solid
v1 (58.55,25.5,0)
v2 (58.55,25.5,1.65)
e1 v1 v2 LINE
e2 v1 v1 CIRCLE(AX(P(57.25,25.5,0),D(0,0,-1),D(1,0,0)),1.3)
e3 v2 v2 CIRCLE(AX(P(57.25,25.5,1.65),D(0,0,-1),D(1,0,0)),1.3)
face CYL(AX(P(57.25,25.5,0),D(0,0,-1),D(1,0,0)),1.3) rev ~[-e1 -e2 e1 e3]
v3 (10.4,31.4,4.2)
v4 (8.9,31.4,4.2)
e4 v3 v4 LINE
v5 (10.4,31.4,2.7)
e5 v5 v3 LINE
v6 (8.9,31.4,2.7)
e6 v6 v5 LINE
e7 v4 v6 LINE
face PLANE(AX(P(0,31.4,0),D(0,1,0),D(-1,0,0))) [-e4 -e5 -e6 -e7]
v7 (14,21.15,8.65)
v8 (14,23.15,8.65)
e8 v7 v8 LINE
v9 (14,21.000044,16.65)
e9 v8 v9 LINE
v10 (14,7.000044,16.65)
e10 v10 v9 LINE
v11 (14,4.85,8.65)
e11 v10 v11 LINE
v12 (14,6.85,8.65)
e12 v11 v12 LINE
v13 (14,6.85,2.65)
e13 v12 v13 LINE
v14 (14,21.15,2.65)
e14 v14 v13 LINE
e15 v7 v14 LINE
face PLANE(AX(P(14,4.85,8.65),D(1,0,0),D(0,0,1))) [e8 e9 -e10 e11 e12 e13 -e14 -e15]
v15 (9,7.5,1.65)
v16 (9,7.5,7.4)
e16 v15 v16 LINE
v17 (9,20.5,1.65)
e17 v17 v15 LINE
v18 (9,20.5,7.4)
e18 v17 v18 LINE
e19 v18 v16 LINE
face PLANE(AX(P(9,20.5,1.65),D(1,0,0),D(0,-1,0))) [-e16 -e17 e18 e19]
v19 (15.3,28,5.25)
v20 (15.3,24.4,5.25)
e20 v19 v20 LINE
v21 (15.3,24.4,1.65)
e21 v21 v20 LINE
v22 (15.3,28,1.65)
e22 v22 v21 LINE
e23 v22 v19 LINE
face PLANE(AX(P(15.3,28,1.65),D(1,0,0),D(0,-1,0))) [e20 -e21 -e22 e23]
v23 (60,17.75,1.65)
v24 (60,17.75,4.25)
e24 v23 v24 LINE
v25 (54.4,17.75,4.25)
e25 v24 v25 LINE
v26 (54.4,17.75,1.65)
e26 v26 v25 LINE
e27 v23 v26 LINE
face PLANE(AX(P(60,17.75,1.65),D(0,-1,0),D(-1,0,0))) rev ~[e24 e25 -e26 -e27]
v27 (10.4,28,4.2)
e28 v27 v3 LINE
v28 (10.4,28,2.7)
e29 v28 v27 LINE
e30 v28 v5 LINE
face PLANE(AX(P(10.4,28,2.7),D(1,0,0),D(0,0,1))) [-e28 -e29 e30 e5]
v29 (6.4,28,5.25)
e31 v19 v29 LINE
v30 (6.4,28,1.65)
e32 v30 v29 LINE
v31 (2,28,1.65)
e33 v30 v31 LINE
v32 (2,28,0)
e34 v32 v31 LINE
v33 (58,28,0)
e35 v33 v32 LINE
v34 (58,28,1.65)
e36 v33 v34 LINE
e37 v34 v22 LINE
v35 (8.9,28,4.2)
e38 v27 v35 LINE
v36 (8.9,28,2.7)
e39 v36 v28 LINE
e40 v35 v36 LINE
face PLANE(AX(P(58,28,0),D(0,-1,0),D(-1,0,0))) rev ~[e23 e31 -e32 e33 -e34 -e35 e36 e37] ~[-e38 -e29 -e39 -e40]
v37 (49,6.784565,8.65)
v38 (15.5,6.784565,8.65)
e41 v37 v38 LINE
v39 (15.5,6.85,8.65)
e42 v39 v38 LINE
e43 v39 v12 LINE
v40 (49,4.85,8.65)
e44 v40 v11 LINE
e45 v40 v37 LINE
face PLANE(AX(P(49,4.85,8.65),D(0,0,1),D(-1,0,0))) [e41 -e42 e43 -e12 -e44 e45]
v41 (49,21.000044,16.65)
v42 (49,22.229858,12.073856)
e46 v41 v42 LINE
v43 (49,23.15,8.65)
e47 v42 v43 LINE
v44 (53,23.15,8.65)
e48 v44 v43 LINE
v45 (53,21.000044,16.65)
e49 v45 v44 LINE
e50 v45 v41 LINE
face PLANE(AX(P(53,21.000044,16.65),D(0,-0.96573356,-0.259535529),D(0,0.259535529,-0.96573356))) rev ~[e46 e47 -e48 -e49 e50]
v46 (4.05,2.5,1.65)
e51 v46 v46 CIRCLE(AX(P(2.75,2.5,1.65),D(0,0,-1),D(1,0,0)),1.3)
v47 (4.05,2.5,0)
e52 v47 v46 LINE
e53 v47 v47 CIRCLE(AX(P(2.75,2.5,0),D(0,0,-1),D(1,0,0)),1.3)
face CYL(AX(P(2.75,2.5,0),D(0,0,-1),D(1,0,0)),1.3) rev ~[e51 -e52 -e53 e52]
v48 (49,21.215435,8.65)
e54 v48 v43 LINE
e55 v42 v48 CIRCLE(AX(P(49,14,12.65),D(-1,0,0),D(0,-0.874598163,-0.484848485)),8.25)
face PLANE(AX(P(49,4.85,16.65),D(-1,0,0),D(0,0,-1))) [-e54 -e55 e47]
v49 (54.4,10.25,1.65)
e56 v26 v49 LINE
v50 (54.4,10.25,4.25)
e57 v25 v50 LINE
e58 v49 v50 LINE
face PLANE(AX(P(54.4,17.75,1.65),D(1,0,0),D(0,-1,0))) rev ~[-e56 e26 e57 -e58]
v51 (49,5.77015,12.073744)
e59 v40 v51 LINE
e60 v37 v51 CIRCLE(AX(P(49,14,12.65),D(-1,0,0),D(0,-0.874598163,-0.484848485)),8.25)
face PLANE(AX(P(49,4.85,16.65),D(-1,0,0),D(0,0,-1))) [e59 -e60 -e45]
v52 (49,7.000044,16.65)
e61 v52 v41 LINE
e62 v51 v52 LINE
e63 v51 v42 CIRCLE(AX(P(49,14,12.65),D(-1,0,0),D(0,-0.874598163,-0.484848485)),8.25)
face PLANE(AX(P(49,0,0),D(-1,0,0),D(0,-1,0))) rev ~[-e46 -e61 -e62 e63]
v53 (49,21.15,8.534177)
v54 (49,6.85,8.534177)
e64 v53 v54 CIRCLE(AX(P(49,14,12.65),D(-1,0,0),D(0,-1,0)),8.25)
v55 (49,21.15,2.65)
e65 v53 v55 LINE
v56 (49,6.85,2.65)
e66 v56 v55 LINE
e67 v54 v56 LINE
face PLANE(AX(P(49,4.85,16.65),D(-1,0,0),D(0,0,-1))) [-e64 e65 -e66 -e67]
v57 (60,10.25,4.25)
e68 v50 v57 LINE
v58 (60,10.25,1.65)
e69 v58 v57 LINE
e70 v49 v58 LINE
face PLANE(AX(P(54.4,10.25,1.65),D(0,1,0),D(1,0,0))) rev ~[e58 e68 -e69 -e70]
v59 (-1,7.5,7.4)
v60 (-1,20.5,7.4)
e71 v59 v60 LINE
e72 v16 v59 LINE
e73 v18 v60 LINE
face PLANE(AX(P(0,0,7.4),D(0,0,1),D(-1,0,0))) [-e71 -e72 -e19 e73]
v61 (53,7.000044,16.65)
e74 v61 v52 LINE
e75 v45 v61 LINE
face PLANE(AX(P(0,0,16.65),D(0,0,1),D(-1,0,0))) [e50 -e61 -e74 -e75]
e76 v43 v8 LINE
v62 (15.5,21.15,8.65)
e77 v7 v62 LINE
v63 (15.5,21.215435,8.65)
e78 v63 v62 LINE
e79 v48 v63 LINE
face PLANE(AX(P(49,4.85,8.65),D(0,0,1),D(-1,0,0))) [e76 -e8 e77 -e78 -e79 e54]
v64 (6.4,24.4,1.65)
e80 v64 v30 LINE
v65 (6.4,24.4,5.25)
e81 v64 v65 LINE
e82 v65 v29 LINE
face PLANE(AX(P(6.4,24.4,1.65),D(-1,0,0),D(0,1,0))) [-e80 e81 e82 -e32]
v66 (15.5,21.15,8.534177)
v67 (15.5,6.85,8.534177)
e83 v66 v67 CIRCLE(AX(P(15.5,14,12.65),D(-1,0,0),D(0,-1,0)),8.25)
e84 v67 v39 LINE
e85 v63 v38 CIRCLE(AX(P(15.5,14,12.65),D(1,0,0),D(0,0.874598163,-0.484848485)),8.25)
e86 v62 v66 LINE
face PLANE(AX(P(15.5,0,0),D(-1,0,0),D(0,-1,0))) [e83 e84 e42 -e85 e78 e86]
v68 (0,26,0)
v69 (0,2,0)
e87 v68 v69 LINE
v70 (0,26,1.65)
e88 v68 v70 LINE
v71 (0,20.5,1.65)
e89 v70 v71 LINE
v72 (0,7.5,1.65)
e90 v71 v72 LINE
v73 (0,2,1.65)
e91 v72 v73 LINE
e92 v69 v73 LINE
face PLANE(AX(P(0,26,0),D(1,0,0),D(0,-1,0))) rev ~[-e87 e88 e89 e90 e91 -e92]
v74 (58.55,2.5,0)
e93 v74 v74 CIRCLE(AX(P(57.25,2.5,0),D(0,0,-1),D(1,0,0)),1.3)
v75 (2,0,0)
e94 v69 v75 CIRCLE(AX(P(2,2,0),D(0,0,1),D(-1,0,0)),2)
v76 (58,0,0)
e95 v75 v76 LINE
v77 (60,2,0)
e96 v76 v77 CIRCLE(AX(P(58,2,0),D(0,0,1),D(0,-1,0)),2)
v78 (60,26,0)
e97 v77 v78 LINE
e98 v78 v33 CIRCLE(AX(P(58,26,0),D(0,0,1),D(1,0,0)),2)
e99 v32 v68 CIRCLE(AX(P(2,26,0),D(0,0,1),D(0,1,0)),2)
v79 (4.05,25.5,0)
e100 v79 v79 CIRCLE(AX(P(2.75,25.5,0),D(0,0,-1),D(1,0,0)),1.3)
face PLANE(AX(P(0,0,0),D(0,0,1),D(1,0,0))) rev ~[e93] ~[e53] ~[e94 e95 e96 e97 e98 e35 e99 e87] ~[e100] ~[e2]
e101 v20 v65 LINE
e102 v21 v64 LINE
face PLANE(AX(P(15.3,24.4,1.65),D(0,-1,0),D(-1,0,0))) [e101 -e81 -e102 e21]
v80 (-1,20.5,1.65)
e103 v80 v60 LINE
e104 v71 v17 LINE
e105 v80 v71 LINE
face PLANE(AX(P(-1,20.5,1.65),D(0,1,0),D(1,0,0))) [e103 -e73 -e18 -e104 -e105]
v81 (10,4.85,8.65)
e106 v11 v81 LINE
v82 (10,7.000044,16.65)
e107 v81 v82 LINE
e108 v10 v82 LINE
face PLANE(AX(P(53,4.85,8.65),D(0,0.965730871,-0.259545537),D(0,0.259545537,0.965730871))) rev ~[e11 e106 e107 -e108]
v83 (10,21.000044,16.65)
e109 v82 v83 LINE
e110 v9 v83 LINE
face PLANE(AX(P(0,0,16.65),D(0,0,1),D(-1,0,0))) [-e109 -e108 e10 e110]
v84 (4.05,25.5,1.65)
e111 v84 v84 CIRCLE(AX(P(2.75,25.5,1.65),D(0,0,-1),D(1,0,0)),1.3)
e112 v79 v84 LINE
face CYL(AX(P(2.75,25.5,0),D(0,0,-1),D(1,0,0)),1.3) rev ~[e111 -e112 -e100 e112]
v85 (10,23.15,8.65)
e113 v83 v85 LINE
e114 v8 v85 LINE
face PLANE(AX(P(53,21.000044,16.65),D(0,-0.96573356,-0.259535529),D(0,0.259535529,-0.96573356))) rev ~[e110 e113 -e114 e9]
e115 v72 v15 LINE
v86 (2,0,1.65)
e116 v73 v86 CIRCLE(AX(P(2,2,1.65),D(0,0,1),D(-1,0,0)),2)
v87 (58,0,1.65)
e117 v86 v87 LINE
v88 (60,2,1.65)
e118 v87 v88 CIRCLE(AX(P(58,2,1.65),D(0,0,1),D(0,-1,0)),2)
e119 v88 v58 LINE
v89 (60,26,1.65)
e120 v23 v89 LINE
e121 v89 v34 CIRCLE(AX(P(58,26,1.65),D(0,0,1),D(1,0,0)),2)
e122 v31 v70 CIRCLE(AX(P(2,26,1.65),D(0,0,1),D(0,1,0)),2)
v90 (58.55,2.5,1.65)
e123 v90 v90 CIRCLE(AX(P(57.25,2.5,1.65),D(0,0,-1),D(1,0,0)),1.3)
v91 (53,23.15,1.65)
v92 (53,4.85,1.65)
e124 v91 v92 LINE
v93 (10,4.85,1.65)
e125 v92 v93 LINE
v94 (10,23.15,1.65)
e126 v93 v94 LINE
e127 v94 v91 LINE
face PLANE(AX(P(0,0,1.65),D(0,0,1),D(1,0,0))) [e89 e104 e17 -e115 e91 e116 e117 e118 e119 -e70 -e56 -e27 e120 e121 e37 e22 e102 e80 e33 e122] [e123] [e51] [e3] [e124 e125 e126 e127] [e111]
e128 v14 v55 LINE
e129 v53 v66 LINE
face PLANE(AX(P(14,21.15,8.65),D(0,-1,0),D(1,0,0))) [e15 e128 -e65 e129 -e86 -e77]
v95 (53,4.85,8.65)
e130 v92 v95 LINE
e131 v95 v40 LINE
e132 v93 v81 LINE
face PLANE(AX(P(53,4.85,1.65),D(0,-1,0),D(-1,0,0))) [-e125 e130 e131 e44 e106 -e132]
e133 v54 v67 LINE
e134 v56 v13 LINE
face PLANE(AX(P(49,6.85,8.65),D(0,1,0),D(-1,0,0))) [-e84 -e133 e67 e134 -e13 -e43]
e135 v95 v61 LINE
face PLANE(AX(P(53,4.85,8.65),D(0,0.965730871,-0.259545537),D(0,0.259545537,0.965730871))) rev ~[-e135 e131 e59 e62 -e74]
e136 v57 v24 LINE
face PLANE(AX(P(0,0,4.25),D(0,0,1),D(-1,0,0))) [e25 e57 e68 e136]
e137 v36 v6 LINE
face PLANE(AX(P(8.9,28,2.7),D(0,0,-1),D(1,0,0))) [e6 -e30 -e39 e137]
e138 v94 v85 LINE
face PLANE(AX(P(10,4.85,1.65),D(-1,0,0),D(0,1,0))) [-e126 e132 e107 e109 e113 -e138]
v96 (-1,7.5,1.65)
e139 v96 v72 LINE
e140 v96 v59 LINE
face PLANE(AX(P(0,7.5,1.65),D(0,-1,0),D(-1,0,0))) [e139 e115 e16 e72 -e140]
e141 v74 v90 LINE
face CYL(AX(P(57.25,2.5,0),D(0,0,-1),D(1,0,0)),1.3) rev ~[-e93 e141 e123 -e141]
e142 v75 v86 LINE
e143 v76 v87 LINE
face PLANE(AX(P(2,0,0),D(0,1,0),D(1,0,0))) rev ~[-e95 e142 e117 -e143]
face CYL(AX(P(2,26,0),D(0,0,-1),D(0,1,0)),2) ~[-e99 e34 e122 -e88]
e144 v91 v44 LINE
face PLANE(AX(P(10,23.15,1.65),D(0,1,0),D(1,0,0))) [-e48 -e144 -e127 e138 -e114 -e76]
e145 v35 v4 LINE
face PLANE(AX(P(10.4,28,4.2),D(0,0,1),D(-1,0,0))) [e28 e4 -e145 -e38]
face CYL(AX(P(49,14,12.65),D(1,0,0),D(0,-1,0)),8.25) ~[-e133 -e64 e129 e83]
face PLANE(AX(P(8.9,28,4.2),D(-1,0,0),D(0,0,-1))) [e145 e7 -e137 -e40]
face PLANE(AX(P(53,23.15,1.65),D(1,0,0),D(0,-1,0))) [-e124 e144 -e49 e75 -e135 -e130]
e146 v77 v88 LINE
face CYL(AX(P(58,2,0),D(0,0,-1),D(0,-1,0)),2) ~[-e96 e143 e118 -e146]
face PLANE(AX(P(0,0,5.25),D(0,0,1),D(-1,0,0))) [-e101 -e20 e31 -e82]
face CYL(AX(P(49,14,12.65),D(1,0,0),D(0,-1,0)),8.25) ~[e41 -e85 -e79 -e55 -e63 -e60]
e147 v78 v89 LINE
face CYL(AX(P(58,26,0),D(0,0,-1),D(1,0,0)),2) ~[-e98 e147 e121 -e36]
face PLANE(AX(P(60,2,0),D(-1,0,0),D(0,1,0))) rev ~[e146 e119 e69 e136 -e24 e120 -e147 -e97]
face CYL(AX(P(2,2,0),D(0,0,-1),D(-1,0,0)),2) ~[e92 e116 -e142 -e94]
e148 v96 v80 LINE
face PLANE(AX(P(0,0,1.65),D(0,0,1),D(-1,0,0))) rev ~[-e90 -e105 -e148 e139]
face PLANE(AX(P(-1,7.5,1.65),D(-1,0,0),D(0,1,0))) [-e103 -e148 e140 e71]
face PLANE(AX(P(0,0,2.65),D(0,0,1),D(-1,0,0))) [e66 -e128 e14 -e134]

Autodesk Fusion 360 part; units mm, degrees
sketch "Sketch1" plane through (0, 0, 0) normal (0, 0, 1) x (1, 0, 0)
  line L0 (2, 0) -> (58, 0)
  line L1 (60, 2) -> (60, 26)
  line L2 (58, 28) -> (2, 28)
  line L3 (0, 26) -> (0, 2)
  arc A0 (2, 28) -> (0, 26) centre (2, 26) ccw
  arc A1 (60, 26) -> (58, 28) centre (58, 26) ccw
  arc A2 (58, 0) -> (60, 2) centre (58, 2) ccw
  arc A3 (0, 2) -> (2, 0) centre (2, 2) ccw
  point P0 (60, 0)
  point P1 (0, 28)
  dimension "d56" = 60
  dimension "d57" = 28
  dimension "d58" = 2
extrude "Extrude1" add sketch "Sketch1" along normal blind 1.65
sketch "Sketch2" plane through (0, 0, 1.65) normal (0, 0, 1) x (-1, 0, 0)
  arc A0 (0, -2) -> (-2, 0) centre (-2, -2) ccw
  line L0 (-2, 0) -> (-58, 0)
  arc A1 (-58, 0) -> (-60, -2) centre (-58, -2) ccw
  line L1 (-60, -2) -> (-60, -26)
  arc A2 (-60, -26) -> (-58, -28) centre (-58, -26) ccw
  line L2 (-58, -28) -> (-2, -28)
  arc A3 (-2, -28) -> (0, -26) centre (-2, -26) ccw
  line L3 (0, -26) -> (0, -2)
  line L4 (1, -20.5) -> (-9, -20.5)
  line L5 (-9, -20.5) -> (-9, -7.5)
  line L6 (-9, -7.5) -> (1, -7.5)
  line L7 (1, -7.5) -> (1, -20.5)
  line L8 (0, -14) -> (-60, -14) construction
  dimension "d61" = 10
  dimension "d62" = 13
  dimension "d63" = 1
extrude "Extrude2" add sketch "Sketch2" along normal blind 5.75 contours L3 L4 L6 L7 | L3 L4 L5 L6
sketch "Sketch3" plane through (0, 0, 1.65) normal (0, 0, 1) x (-1, 0, 0)
  line L0 (-9, -7.5) -> (0, -7.5)
  line L1 (0, -7.5) -> (0, -2)
  arc A0 (0, -2) -> (-2, 0) centre (-2, -2) ccw
  line L2 (-2, 0) -> (-58, 0)
  arc A1 (-58, 0) -> (-60, -2) centre (-58, -2) ccw
  line L3 (-60, -2) -> (-60, -26)
  arc A2 (-60, -26) -> (-58, -28) centre (-58, -26) ccw
  line L4 (-58, -28) -> (-2, -28)
  arc A3 (-2, -28) -> (0, -26) centre (-2, -26) ccw
  line L5 (0, -26) -> (0, -20.5)
  line L6 (0, -20.5) -> (-9, -20.5)
  line L7 (-9, -20.5) -> (-9, -7.5)
  line L8 (-9, -14) -> (-60, -14) construction
  line L9 (-10, -23.15) -> (-53, -23.15)
  line L10 (-53, -23.15) -> (-53, -4.85)
  line L11 (-53, -4.85) -> (-10, -4.85)
  line L12 (-10, -4.85) -> (-10, -23.15)
  dimension "d66" = 43
  dimension "d67" = 18.3
  dimension "d68" = 1
extrude "Extrude3" add sketch "Sketch3" along normal blind 15 contours L9 L10 L11 L12
sketch "Sketch4" plane through (53, 0, 0) normal (1, 0, 0) x (0, 1, 0)
  line L0 (4.85, 1.65) -> (23.15, 1.65)
  line L1 (23.15, 1.65) -> (23.15, 16.65)
  line L2 (23.15, 16.65) -> (4.85, 16.65)
  line L3 (4.85, 16.65) -> (4.85, 1.65)
  line L4 (4.85, 8.65) -> (7.2688, 17.65)
  line L5 (7.2688, 17.65) -> (20.7313, 17.65)
  line L6 (20.7313, 17.65) -> (23.15, 8.65)
  line L7 (4.85, 8.65) -> (23.15, 8.65) construction
  line L8 (7, 16.65) -> (21, 16.65) construction
  line L9 (14, 16.65) -> (14, 1.65) construction
  dimension "d71" = 14
  dimension "d72" = 7
  dimension "d73" = 1
extrude "Extrude4" cut sketch "Sketch4" against normal up to surface (43 mm away) contours L2 L3 L4 | L1 L2 L6
sketch "Sketch5" plane through (0, 4.85, 0) normal (0, -1, 0) x (1, 0, 0)
  line L0 (53, 8.65) -> (10, 8.65)
  line L1 (10, 8.65) -> (10, 1.65)
  line L2 (10, 1.65) -> (53, 1.65)
  line L3 (53, 1.65) -> (53, 8.65)
  line L4 (14, 16.65) -> (49, 16.65)
  line L5 (49, 16.65) -> (49, 8.65)
  line L6 (49, 8.65) -> (14, 8.65)
  line L7 (14, 8.65) -> (14, 16.65)
  line L8 (10, 8.65) -> (10, 16.65)
  line L9 (31.5, 1.65) -> (31.5, 16.653) construction
  line L10 (10, 16.65) -> (53, 16.65) construction
  dimension "d76" = 4
extrude "Extrude5" cut sketch "Sketch5" against normal through all contours L0 L4 L5 L6 L7
sketch "Sketch6" plane through (0, 0, 8.65) normal (0, 0, 1) x (-1, 0, 0)
  line L0 (-49, -23.15) -> (-14, -23.15)
  line L1 (-14, -23.15) -> (-14, -4.85)
  line L2 (-14, -4.85) -> (-49, -4.85)
  line L3 (-49, -4.85) -> (-49, -23.15)
  line L4 (-14, -14) -> (-49, -14) construction
  line L5 (-14, -21.15) -> (-49, -21.15)
  line L6 (-49, -21.15) -> (-49, -6.85)
  line L7 (-49, -6.85) -> (-14, -6.85)
  line L8 (-14, -6.85) -> (-14, -21.15)
  dimension "d78" = 2
extrude "Extrude6" cut sketch "Sketch6" against normal blind 6 contours L1 L3 L5 L6 L7 L8
sketch "Sketch7" plane through (49, 0, 0) normal (-1, 0, 0) x (0, -1, 0)
  line L0 (-4.85, 8.65) -> (-7, 16.65)
  line L1 (-7, 16.65) -> (-21, 16.65)
  line L2 (-21, 16.65) -> (-23.15, 8.65)
  line L3 (-23.15, 8.65) -> (-21.15, 8.65)
  line L4 (-21.15, 8.65) -> (-21.15, 2.65)
  line L5 (-21.15, 2.65) -> (-6.85, 2.65)
  line L6 (-6.85, 2.65) -> (-6.85, 8.65)
  line L7 (-6.85, 8.65) -> (-4.85, 8.65)
  line L8 (-14, 16.65) -> (-14, 2.65) construction
  circle A0 centre (-14, 12.65) radius 8.25
  dimension "d81" = 16.5
  dimension "d82" = 4
extrude "Extrude7" add sketch "Sketch7" along normal blind 33.5 contours L0 L1 L2 L3 L4 L6 L7 A0 | L0 L1 L2 A0
sketch "Sketch8" plane through (0, 0, 1.65) normal (0, 0, 1) x (-1, 0, 0)
  line L0 (-10, -4.85) -> (-10, -23.15)
  line L1 (-10, -23.15) -> (-53, -23.15)
  line L2 (-53, -23.15) -> (-53, -4.85)
  line L3 (-53, -4.85) -> (-10, -4.85)
  line L4 (-9, -7.5) -> (0, -7.5)
  line L5 (0, -7.5) -> (0, -2)
  arc A0 (0, -2) -> (-2, 0) centre (-2, -2) ccw
  line L6 (-2, 0) -> (-58, 0)
  arc A1 (-58, 0) -> (-60, -2) centre (-58, -2) ccw
  line L7 (-60, -2) -> (-60, -26)
  arc A2 (-60, -26) -> (-58, -28) centre (-58, -26) ccw
  line L8 (-58, -28) -> (-2, -28)
  arc A3 (-2, -28) -> (0, -26) centre (-2, -26) ccw
  line L9 (0, -26) -> (0, -20.5)
  line L10 (0, -20.5) -> (-9, -20.5)
  line L11 (-9, -20.5) -> (-9, -7.5)
  line L12 (-60, -14) -> (-9, -14) construction
  line L13 (-60, -17.75) -> (-54.4, -17.75)
  line L14 (-54.4, -17.75) -> (-54.4, -10.25)
  line L15 (-54.4, -10.25) -> (-60, -10.25)
  line L16 (-60, -10.25) -> (-60, -17.75)
  dimension "d85" = 5.6
  dimension "d86" = 7.5
extrude "Extrude8" add sketch "Sketch8" along normal blind 2.6 contours L7 L13 L14 L15 L16
sketch "Sketch9" plane through (0, 0, 0) normal (0, 0, -1) x (1, 0, 0)
  arc A0 (2, 0) -> (0, -2) centre (2, -2) ccw
  line L0 (0, -2) -> (0, -26)
  arc A1 (0, -26) -> (2, -28) centre (2, -26) ccw
  line L1 (2, -28) -> (58, -28)
  arc A2 (58, -28) -> (60, -26) centre (58, -26) ccw
  line L2 (60, -26) -> (60, -2)
  arc A3 (60, -2) -> (58, 0) centre (58, -2) ccw
  line L3 (58, 0) -> (2, 0)
  line L4 (0, -14) -> (60, -14) construction
  line L5 (30, 0) -> (30, -28) construction
  circle A4 centre (2.75, -2.5) radius 1.3
  circle A5 centre (57.25, -2.5) radius 1.3
  circle A6 centre (2.75, -25.5) radius 1.3
  circle A7 centre (57.25, -25.5) radius 1.3
  line L6 (2.75, -2.5) -> (57.25, -2.5) construction
  line L7 (57.25, -2.5) -> (57.25, -25.5) construction
  line L8 (57.25, -25.5) -> (2.75, -25.5) construction
  line L9 (2.75, -25.5) -> (2.75, -2.5) construction
  dimension "d89" = 23
  dimension "d90" = 54.5
  dimension "d91" = 2.6
extrude "Extrude9" cut sketch "Sketch9" against normal up to surface (1.65 mm away) contours A4 | A5 | A6 | A7
sketch "Sketch10" plane through (0, 0, 1.65) normal (0, 0, 1) x (-1, 0, 0)
  circle A0 centre (-57.25, -2.5) radius 1.3
  circle A1 centre (-57.25, -25.5) radius 1.3
  circle A2 centre (-2.75, -2.5) radius 1.3
  circle A3 centre (-2.75, -25.5) radius 1.3
  line L0 (-54.4, -17.75) -> (-60, -17.75)
  line L1 (-60, -17.75) -> (-60, -26)
  arc A4 (-60, -26) -> (-58, -28) centre (-58, -26) ccw
  line L2 (-58, -28) -> (-2, -28)
  arc A5 (-2, -28) -> (0, -26) centre (-2, -26) ccw
  line L3 (0, -26) -> (0, -20.5)
  line L4 (0, -20.5) -> (-9, -20.5)
  line L5 (-9, -20.5) -> (-9, -7.5)
  line L6 (-9, -7.5) -> (0, -7.5)
  line L7 (0, -7.5) -> (0, -2)
  arc A6 (0, -2) -> (-2, 0) centre (-2, -2) ccw
  line L8 (-2, 0) -> (-58, 0)
  arc A7 (-58, 0) -> (-60, -2) centre (-58, -2) ccw
  line L9 (-60, -2) -> (-60, -10.25)
  line L10 (-60, -10.25) -> (-54.4, -10.25)
  line L11 (-54.4, -10.25) -> (-54.4, -17.75)
  line L12 (-10, -4.85) -> (-10, -23.15)
  line L13 (-10, -23.15) -> (-53, -23.15)
  line L14 (-53, -23.15) -> (-53, -4.85)
  line L15 (-53, -4.85) -> (-10, -4.85)
  line L16 (-6.4, -28) -> (-15.3, -28)
  line L17 (-15.3, -28) -> (-15.3, -24.4)
  line L18 (-15.3, -24.4) -> (-6.4, -24.4)
  line L19 (-6.4, -24.4) -> (-6.4, -28)
  dimension "d1" = 8.9
  dimension "d2" = 3.6
  dimension "d3" = 15.3
extrude "Extrude10" add sketch "Sketch10" along normal blind 3.6 contours L2 L16 L17 L18 L19
sketch "Sketch11" plane through (0, 28, 0) normal (0, 1, 0) x (-1, 0, 0)
  line L0 (-58, 0) -> (-2, 0)
  line L1 (-2, 0) -> (-2, 1.65)
  line L2 (-2, 1.65) -> (-6.4, 1.65)
  line L3 (-6.4, 1.65) -> (-6.4, 5.25)
  line L4 (-6.4, 5.25) -> (-15.3, 5.25)
  line L5 (-15.3, 5.25) -> (-15.3, 1.65)
  line L6 (-15.3, 1.65) -> (-58, 1.65)
  line L7 (-58, 1.65) -> (-58, 0)
  line L8 (-15.3, 3.45) -> (-6.4, 3.45) construction
  line L9 (-8.9, 2.7) -> (-10.4, 2.7)
  line L10 (-10.4, 2.7) -> (-10.4, 4.2)
  line L11 (-10.4, 4.2) -> (-8.9, 4.2)
  line L12 (-8.9, 4.2) -> (-8.9, 2.7)
  line L13 (-8.9, 2.7) -> (-10.4, 4.2) construction
  line L14 (-10.4, 2.7) -> (-8.9, 4.2) construction
  point P0 (-9.65, 3.45)
  dimension "d6" = 1.5
  dimension "d7" = 1.5
  dimension "d8" = 2.5
extrude "Extrude11" add sketch "Sketch11" along normal blind 3.4 contours L9 L10 L11 L12
